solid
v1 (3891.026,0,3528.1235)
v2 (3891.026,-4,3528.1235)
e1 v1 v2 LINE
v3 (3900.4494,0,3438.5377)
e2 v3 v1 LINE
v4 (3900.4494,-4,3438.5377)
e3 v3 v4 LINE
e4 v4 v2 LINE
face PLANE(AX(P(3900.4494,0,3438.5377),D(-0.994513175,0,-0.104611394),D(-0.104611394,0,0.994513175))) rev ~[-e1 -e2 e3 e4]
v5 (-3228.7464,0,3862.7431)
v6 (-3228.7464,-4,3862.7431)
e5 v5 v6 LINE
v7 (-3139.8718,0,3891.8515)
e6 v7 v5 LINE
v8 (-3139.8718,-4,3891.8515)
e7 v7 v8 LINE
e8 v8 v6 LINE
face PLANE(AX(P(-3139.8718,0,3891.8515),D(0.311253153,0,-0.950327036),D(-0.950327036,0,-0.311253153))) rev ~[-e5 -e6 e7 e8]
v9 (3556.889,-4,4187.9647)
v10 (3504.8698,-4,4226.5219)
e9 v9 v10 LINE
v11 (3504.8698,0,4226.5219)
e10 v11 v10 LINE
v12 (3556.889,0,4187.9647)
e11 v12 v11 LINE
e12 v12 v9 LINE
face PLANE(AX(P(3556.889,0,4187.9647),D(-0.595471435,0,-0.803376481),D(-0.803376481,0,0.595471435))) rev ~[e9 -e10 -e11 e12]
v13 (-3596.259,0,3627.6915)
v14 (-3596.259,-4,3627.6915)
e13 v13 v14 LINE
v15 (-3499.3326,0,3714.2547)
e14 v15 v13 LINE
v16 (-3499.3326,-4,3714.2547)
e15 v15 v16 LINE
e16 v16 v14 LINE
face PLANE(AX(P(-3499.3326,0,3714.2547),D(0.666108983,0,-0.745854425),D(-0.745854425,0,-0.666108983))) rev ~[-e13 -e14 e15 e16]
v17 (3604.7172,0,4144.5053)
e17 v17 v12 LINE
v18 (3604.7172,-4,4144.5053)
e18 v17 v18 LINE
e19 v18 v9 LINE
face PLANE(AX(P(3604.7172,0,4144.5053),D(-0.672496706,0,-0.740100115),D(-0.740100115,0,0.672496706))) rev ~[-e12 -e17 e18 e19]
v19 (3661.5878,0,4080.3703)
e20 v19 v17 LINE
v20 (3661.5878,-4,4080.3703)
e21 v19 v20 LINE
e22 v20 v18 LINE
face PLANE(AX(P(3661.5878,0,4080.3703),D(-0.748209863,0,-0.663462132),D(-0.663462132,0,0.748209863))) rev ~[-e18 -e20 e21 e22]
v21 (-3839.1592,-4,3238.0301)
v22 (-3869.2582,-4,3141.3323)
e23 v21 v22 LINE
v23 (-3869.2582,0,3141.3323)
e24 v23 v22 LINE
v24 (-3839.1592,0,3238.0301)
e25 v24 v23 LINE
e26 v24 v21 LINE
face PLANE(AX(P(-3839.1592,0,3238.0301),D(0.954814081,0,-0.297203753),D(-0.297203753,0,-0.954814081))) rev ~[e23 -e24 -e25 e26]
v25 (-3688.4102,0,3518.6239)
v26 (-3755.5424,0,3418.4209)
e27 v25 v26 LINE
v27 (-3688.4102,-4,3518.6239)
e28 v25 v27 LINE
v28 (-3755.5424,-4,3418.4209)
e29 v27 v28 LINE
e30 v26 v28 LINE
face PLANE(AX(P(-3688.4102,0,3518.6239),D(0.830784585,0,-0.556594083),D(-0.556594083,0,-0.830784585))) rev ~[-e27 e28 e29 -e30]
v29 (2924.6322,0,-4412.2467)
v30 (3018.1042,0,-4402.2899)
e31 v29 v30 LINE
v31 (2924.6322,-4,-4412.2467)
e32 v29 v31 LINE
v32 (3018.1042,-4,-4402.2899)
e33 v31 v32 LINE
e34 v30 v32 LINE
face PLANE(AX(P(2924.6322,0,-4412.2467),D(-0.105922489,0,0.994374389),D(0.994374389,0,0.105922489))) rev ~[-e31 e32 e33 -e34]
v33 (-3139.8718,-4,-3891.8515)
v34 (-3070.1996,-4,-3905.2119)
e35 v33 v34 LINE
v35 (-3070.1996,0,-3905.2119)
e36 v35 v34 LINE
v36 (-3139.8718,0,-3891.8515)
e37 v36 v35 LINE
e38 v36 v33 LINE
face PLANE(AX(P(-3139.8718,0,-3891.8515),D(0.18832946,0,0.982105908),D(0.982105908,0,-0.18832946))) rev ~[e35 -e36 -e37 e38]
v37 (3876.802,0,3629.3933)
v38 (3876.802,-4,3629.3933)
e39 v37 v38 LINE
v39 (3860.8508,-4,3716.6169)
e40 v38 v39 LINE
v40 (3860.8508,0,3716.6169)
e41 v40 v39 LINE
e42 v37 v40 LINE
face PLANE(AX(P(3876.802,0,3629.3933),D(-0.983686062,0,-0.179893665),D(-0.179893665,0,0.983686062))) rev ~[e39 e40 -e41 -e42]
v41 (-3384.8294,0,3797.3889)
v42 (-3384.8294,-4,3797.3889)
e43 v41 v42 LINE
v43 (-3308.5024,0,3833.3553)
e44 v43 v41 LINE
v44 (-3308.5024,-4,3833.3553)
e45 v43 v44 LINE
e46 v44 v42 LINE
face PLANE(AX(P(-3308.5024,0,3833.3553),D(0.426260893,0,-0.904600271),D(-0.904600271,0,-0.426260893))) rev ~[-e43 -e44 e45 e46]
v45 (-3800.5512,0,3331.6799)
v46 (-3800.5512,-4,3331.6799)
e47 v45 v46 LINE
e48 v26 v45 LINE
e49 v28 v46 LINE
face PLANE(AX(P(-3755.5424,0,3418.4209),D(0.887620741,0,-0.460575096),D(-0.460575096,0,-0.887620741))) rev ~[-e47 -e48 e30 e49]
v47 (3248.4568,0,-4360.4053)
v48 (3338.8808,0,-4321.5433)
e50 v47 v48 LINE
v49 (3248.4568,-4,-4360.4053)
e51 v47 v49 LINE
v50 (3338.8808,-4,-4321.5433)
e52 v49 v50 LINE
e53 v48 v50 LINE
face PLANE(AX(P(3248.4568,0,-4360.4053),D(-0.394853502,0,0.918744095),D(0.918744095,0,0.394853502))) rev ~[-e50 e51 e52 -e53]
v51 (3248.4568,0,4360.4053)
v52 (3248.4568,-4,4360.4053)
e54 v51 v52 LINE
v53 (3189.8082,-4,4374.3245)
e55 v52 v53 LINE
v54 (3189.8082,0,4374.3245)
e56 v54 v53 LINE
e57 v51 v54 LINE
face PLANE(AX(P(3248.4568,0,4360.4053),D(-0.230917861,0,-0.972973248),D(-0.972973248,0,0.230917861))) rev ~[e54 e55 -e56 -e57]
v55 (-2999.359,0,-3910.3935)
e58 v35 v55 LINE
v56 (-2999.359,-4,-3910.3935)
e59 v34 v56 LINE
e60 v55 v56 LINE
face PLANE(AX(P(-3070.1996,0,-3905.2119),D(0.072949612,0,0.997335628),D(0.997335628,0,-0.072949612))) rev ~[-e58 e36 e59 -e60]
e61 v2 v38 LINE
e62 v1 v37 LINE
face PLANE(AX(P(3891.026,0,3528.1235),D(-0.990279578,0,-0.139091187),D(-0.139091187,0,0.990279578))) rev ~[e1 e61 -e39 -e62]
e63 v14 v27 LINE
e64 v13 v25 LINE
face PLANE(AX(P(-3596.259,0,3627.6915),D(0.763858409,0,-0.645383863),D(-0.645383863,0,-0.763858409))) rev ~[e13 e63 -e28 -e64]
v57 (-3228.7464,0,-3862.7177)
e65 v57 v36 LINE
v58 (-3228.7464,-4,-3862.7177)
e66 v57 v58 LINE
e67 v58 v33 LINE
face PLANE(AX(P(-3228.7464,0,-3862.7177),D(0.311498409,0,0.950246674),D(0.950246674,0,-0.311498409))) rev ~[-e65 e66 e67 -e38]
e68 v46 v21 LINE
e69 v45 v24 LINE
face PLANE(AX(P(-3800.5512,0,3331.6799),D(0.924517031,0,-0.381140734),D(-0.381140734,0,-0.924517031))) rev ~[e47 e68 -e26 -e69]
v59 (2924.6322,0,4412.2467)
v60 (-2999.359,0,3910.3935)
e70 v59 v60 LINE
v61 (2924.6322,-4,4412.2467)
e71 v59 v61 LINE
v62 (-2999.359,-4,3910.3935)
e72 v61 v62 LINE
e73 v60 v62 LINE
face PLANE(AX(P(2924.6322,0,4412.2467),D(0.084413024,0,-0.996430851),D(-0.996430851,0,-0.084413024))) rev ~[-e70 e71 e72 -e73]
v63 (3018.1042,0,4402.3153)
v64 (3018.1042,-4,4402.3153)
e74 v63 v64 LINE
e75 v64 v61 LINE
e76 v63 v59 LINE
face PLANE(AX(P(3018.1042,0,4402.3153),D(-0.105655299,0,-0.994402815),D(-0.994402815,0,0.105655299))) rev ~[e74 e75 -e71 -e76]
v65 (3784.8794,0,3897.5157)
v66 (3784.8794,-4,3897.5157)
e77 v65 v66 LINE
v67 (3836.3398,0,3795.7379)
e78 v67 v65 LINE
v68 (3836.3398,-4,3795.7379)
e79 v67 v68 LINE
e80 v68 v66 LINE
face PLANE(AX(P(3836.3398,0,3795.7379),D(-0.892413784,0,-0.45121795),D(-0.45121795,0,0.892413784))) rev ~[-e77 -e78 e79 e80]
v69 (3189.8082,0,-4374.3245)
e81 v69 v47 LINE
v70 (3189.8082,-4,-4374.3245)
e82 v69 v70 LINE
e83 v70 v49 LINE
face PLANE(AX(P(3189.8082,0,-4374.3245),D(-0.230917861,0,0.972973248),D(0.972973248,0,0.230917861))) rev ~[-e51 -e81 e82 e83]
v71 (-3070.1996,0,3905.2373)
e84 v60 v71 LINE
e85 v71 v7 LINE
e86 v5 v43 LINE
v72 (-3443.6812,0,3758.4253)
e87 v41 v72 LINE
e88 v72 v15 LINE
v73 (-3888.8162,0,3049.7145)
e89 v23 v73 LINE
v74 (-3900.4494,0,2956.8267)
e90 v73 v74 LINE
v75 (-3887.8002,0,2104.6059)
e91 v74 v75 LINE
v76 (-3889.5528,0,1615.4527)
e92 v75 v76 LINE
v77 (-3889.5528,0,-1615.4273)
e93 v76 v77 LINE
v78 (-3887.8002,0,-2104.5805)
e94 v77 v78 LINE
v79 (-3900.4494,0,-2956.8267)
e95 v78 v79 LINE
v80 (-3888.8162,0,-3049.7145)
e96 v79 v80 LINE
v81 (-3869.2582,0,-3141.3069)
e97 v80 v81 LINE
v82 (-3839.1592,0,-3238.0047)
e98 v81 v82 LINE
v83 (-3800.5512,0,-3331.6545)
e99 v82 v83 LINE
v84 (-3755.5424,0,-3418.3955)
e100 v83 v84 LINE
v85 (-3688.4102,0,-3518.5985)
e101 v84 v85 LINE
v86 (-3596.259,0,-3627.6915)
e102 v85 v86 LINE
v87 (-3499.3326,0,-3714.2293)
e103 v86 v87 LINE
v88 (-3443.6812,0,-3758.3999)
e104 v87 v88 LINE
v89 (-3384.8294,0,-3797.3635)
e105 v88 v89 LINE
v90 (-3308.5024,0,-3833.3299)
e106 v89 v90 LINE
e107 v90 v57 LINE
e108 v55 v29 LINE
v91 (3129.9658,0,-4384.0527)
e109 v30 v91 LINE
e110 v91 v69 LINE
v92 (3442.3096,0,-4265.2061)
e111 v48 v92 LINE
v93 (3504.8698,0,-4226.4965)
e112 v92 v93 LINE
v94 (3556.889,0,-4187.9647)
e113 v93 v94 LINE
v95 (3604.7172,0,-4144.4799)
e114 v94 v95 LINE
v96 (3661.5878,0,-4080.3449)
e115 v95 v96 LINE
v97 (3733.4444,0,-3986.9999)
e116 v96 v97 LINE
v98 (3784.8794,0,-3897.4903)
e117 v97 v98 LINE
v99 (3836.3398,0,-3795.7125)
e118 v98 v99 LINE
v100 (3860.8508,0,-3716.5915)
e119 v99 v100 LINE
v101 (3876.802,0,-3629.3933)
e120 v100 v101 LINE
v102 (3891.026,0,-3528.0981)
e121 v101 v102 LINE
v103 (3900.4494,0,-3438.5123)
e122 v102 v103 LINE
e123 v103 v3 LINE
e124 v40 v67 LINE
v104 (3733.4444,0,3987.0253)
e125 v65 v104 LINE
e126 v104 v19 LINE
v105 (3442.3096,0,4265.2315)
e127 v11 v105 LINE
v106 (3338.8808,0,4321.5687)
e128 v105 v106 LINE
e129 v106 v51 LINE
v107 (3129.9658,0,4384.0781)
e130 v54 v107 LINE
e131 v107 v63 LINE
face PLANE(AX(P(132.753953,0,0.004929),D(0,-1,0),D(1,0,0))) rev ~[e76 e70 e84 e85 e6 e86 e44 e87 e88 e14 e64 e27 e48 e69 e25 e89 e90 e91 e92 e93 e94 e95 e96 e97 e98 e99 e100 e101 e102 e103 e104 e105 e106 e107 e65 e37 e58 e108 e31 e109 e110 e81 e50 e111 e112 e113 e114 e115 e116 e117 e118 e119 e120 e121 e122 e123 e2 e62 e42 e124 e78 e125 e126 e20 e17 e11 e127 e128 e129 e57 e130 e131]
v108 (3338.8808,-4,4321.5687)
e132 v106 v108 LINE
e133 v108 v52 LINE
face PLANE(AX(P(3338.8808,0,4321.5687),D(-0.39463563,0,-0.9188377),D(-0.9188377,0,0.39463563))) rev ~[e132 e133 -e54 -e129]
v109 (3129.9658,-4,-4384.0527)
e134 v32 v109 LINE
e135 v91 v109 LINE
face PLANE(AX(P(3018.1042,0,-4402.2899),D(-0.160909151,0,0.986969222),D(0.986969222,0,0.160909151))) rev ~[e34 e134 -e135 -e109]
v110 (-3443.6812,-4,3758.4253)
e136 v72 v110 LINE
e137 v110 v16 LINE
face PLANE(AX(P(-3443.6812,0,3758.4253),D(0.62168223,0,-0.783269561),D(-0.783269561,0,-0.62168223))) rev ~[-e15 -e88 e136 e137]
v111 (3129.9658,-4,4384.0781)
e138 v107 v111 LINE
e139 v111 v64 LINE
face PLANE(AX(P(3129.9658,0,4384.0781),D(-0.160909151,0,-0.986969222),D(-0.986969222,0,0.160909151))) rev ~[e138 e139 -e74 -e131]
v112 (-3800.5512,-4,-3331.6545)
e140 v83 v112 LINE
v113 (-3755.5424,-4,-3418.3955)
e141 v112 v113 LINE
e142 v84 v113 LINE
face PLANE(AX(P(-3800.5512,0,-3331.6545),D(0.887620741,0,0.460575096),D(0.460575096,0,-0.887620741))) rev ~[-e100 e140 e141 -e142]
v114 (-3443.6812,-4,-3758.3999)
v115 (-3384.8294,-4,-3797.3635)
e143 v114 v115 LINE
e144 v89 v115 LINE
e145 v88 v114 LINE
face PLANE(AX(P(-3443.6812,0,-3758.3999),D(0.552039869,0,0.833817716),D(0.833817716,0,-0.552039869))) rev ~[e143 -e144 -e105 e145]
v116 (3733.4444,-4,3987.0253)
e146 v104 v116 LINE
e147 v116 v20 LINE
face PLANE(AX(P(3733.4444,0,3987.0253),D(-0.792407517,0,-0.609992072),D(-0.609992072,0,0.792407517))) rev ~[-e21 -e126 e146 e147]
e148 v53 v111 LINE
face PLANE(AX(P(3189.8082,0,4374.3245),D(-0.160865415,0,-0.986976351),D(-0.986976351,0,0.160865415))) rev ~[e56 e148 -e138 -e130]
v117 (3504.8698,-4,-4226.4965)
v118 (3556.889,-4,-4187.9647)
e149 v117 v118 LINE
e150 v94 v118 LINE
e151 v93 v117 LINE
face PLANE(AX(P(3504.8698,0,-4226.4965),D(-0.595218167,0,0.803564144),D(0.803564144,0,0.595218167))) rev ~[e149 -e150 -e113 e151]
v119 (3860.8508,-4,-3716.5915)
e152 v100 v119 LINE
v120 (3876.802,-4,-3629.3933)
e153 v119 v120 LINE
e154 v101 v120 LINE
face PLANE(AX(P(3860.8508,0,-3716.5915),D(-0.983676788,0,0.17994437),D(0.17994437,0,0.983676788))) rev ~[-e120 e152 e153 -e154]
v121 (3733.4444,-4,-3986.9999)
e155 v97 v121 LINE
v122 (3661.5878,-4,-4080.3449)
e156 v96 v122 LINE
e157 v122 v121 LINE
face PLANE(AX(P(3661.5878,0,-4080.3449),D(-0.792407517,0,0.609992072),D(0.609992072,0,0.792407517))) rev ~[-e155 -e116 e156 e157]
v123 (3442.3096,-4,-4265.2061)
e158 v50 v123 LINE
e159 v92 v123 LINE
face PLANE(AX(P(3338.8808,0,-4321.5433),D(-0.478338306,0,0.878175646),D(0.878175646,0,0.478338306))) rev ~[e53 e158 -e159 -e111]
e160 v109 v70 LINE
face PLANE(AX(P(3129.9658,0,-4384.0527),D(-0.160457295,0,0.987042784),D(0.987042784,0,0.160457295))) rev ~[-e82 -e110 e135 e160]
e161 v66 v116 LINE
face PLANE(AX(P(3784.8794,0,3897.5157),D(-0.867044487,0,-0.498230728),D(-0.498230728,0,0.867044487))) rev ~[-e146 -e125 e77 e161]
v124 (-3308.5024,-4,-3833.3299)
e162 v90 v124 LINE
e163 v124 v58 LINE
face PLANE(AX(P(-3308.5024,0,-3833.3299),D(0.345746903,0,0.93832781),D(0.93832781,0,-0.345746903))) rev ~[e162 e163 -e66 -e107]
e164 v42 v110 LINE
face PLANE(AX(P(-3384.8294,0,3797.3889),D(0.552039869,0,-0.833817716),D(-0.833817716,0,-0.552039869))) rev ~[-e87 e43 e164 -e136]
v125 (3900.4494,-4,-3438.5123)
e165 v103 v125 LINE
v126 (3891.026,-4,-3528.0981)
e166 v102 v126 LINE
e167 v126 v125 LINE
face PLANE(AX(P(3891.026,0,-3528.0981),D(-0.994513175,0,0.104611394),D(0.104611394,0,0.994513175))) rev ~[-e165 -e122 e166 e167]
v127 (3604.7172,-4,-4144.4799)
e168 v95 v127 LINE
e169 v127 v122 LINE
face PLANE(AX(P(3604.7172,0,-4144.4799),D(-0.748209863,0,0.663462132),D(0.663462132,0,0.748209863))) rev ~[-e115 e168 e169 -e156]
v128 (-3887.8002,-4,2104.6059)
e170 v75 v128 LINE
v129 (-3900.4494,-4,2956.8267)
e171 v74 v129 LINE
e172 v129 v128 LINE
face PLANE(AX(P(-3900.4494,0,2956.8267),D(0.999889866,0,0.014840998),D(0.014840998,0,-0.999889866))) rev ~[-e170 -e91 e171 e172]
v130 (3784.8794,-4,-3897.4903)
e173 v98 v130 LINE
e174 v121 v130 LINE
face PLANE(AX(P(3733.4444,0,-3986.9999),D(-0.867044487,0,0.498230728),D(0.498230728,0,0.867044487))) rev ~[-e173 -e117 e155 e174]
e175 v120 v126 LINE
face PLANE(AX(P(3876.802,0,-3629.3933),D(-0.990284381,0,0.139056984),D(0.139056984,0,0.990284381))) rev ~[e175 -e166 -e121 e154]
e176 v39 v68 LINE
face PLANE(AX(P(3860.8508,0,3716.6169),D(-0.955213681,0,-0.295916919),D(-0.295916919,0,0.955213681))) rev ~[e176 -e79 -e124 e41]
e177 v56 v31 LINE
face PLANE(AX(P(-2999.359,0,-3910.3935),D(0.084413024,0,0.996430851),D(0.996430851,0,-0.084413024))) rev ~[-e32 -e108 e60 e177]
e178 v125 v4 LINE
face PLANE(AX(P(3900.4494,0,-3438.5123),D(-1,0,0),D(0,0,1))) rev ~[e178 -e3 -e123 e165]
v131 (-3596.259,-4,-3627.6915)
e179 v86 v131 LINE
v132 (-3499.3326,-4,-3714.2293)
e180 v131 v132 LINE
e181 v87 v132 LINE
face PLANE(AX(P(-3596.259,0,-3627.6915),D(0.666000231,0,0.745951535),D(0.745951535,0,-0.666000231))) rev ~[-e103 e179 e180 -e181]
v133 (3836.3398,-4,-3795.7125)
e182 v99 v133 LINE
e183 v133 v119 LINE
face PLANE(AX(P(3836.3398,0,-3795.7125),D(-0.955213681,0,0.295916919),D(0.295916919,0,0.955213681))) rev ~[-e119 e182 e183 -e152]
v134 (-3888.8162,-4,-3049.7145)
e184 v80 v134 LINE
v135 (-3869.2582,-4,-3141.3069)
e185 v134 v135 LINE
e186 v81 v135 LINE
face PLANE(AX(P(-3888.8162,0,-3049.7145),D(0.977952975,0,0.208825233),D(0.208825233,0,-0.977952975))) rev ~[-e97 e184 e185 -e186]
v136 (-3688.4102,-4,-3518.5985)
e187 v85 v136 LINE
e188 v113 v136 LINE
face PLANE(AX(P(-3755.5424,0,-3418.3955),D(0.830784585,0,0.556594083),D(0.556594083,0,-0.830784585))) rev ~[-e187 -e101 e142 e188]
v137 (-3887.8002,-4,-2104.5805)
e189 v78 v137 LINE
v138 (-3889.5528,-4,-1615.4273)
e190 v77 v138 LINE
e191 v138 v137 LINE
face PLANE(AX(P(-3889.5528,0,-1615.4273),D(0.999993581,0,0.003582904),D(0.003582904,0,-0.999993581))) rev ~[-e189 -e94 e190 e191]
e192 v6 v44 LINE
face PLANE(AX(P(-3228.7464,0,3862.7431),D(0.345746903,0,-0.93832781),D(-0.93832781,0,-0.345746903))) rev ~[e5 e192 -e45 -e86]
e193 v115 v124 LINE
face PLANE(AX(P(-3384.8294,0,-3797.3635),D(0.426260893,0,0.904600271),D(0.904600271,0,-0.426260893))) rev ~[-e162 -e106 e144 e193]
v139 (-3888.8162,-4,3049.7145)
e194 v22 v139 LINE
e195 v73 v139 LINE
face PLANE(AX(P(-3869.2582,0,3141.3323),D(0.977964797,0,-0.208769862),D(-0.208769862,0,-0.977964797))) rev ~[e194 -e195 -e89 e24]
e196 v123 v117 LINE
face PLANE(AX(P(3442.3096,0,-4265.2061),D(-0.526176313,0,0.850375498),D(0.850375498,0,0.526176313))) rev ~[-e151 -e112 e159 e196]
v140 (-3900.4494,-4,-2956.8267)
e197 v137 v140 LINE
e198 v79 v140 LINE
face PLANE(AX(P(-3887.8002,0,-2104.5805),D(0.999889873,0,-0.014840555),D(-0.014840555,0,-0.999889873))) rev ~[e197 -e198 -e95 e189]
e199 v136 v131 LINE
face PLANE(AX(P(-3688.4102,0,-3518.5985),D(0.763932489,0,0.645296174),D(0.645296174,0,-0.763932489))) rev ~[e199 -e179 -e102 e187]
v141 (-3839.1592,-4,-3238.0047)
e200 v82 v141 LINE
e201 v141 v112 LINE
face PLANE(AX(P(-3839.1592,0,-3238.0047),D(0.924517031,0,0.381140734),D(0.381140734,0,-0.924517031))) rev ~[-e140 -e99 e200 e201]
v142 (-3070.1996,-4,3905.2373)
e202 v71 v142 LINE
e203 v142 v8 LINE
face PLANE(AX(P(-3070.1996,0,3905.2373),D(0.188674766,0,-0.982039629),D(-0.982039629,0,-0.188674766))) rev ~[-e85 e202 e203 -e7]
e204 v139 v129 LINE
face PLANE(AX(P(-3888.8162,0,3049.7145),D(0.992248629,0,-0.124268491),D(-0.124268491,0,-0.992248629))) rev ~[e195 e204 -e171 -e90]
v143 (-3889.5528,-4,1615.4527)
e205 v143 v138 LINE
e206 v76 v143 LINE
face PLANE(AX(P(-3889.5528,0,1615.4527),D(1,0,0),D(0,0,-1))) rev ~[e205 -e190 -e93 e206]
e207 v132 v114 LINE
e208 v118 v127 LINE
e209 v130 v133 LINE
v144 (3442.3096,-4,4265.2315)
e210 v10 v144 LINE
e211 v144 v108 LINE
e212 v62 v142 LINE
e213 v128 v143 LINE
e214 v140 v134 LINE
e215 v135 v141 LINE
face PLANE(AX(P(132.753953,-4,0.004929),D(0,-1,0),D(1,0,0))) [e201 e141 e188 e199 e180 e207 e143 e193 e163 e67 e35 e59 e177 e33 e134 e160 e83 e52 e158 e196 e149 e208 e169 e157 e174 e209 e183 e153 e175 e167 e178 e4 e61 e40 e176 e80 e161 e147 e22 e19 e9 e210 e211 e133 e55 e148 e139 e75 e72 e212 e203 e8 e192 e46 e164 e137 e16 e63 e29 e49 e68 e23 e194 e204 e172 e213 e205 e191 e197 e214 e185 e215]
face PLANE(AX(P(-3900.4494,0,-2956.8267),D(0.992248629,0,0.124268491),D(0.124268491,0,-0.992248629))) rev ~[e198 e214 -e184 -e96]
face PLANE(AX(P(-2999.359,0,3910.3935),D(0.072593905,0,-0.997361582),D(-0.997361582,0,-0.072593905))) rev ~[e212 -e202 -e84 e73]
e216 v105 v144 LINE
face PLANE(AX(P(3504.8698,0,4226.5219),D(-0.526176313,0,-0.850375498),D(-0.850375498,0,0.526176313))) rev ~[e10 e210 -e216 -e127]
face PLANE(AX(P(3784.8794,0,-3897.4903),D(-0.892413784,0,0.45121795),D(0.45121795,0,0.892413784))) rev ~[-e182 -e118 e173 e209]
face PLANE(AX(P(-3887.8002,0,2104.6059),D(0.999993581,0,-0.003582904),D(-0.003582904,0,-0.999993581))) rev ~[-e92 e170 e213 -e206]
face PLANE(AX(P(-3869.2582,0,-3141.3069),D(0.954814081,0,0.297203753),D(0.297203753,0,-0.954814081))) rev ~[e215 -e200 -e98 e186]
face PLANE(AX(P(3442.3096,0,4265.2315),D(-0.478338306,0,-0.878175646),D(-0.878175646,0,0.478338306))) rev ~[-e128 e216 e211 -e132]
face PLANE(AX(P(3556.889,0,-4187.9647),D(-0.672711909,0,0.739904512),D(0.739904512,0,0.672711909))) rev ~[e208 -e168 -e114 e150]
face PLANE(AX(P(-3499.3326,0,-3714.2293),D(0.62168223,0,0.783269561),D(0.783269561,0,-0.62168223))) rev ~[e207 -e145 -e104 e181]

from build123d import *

# Parameters (mm, degrees)
F1_DEPTH = 4


with BuildPart() as f1:
    # F0 (on Front) → F1 (new body)
    with BuildSketch(Plane.XZ):
        Polygon((-3900.4494, 2956.8267), (-3887.8002, 2104.6059), (-3889.5528, 1615.4527), (-3889.5528, 0.0127), (-3889.5528, -1615.4273), (-3887.8002, -2104.5805), (-3900.4494, -2956.8267), (-3888.8162, -3049.7145), (-3869.2582, -3141.3069), (-3839.1592, -3238.0047), (-3800.5512, -3331.6545), (-3755.5424, -3418.3955), (-3688.4102, -3518.5985), (-3596.259, -3627.6915), (-3499.3326, -3714.2293), (-3443.6812, -3758.3999), (-3384.8294, -3797.3635), (-3308.5024, -3833.3299), (-3228.7464, -3862.7177), (-3139.8718, -3891.8515), (-3070.1996, -3905.2119), (-2999.359, -3910.3935), (2924.6322, -4412.2467), (3018.1042, -4402.2899), (3129.9658, -4384.0527), (3189.8082, -4374.3245), (3248.4568, -4360.4053), (3338.8808, -4321.5433), (3442.3096, -4265.2061), (3504.8698, -4226.4965), (3556.889, -4187.9647), (3604.7172, -4144.4799), (3661.5878, -4080.3449), (3733.4444, -3986.9999), (3784.8794, -3897.4903), (3836.3398, -3795.7125), (3860.8508, -3716.5915), (3876.802, -3629.3933), (3891.026, -3528.0981), (3900.4494, -3438.5123), (3900.4494, -2802.1661), (3900.4494, -2320.6583), (3900.4494, 0.0127), (3900.4494, 2320.6837), (3900.4494, 2802.1915), (3900.4494, 3438.5377), (3891.026, 3528.1235), (3876.802, 3629.3933), (3860.8508, 3716.6169), (3836.3398, 3795.7379), (3784.8794, 3897.5157), (3733.4444, 3987.0253), (3661.5878, 4080.3703), (3604.7172, 4144.5053), (3556.889, 4187.9647), (3504.8698, 4226.5219), (3442.3096, 4265.2315), (3338.8808, 4321.5687), (3248.4568, 4360.4053), (3189.8082, 4374.3245), (3129.9658, 4384.0781), (3018.1042, 4402.3153), (2924.6322, 4412.2467), (-2999.359, 3910.3935), (-3070.1996, 3905.2373), (-3139.8718, 3891.8515), (-3228.7464, 3862.7431), (-3308.5024, 3833.3553), (-3384.8294, 3797.3889), (-3443.6812, 3758.4253), (-3499.3326, 3714.2547), (-3596.259, 3627.6915), (-3688.4102, 3518.6239), (-3755.5424, 3418.4209), (-3800.5512, 3331.6799), (-3839.1592, 3238.0301), (-3869.2582, 3141.3323), (-3888.8162, 3049.7145), align=None)
    extrude(amount=F1_DEPTH)


solid = f1.part
